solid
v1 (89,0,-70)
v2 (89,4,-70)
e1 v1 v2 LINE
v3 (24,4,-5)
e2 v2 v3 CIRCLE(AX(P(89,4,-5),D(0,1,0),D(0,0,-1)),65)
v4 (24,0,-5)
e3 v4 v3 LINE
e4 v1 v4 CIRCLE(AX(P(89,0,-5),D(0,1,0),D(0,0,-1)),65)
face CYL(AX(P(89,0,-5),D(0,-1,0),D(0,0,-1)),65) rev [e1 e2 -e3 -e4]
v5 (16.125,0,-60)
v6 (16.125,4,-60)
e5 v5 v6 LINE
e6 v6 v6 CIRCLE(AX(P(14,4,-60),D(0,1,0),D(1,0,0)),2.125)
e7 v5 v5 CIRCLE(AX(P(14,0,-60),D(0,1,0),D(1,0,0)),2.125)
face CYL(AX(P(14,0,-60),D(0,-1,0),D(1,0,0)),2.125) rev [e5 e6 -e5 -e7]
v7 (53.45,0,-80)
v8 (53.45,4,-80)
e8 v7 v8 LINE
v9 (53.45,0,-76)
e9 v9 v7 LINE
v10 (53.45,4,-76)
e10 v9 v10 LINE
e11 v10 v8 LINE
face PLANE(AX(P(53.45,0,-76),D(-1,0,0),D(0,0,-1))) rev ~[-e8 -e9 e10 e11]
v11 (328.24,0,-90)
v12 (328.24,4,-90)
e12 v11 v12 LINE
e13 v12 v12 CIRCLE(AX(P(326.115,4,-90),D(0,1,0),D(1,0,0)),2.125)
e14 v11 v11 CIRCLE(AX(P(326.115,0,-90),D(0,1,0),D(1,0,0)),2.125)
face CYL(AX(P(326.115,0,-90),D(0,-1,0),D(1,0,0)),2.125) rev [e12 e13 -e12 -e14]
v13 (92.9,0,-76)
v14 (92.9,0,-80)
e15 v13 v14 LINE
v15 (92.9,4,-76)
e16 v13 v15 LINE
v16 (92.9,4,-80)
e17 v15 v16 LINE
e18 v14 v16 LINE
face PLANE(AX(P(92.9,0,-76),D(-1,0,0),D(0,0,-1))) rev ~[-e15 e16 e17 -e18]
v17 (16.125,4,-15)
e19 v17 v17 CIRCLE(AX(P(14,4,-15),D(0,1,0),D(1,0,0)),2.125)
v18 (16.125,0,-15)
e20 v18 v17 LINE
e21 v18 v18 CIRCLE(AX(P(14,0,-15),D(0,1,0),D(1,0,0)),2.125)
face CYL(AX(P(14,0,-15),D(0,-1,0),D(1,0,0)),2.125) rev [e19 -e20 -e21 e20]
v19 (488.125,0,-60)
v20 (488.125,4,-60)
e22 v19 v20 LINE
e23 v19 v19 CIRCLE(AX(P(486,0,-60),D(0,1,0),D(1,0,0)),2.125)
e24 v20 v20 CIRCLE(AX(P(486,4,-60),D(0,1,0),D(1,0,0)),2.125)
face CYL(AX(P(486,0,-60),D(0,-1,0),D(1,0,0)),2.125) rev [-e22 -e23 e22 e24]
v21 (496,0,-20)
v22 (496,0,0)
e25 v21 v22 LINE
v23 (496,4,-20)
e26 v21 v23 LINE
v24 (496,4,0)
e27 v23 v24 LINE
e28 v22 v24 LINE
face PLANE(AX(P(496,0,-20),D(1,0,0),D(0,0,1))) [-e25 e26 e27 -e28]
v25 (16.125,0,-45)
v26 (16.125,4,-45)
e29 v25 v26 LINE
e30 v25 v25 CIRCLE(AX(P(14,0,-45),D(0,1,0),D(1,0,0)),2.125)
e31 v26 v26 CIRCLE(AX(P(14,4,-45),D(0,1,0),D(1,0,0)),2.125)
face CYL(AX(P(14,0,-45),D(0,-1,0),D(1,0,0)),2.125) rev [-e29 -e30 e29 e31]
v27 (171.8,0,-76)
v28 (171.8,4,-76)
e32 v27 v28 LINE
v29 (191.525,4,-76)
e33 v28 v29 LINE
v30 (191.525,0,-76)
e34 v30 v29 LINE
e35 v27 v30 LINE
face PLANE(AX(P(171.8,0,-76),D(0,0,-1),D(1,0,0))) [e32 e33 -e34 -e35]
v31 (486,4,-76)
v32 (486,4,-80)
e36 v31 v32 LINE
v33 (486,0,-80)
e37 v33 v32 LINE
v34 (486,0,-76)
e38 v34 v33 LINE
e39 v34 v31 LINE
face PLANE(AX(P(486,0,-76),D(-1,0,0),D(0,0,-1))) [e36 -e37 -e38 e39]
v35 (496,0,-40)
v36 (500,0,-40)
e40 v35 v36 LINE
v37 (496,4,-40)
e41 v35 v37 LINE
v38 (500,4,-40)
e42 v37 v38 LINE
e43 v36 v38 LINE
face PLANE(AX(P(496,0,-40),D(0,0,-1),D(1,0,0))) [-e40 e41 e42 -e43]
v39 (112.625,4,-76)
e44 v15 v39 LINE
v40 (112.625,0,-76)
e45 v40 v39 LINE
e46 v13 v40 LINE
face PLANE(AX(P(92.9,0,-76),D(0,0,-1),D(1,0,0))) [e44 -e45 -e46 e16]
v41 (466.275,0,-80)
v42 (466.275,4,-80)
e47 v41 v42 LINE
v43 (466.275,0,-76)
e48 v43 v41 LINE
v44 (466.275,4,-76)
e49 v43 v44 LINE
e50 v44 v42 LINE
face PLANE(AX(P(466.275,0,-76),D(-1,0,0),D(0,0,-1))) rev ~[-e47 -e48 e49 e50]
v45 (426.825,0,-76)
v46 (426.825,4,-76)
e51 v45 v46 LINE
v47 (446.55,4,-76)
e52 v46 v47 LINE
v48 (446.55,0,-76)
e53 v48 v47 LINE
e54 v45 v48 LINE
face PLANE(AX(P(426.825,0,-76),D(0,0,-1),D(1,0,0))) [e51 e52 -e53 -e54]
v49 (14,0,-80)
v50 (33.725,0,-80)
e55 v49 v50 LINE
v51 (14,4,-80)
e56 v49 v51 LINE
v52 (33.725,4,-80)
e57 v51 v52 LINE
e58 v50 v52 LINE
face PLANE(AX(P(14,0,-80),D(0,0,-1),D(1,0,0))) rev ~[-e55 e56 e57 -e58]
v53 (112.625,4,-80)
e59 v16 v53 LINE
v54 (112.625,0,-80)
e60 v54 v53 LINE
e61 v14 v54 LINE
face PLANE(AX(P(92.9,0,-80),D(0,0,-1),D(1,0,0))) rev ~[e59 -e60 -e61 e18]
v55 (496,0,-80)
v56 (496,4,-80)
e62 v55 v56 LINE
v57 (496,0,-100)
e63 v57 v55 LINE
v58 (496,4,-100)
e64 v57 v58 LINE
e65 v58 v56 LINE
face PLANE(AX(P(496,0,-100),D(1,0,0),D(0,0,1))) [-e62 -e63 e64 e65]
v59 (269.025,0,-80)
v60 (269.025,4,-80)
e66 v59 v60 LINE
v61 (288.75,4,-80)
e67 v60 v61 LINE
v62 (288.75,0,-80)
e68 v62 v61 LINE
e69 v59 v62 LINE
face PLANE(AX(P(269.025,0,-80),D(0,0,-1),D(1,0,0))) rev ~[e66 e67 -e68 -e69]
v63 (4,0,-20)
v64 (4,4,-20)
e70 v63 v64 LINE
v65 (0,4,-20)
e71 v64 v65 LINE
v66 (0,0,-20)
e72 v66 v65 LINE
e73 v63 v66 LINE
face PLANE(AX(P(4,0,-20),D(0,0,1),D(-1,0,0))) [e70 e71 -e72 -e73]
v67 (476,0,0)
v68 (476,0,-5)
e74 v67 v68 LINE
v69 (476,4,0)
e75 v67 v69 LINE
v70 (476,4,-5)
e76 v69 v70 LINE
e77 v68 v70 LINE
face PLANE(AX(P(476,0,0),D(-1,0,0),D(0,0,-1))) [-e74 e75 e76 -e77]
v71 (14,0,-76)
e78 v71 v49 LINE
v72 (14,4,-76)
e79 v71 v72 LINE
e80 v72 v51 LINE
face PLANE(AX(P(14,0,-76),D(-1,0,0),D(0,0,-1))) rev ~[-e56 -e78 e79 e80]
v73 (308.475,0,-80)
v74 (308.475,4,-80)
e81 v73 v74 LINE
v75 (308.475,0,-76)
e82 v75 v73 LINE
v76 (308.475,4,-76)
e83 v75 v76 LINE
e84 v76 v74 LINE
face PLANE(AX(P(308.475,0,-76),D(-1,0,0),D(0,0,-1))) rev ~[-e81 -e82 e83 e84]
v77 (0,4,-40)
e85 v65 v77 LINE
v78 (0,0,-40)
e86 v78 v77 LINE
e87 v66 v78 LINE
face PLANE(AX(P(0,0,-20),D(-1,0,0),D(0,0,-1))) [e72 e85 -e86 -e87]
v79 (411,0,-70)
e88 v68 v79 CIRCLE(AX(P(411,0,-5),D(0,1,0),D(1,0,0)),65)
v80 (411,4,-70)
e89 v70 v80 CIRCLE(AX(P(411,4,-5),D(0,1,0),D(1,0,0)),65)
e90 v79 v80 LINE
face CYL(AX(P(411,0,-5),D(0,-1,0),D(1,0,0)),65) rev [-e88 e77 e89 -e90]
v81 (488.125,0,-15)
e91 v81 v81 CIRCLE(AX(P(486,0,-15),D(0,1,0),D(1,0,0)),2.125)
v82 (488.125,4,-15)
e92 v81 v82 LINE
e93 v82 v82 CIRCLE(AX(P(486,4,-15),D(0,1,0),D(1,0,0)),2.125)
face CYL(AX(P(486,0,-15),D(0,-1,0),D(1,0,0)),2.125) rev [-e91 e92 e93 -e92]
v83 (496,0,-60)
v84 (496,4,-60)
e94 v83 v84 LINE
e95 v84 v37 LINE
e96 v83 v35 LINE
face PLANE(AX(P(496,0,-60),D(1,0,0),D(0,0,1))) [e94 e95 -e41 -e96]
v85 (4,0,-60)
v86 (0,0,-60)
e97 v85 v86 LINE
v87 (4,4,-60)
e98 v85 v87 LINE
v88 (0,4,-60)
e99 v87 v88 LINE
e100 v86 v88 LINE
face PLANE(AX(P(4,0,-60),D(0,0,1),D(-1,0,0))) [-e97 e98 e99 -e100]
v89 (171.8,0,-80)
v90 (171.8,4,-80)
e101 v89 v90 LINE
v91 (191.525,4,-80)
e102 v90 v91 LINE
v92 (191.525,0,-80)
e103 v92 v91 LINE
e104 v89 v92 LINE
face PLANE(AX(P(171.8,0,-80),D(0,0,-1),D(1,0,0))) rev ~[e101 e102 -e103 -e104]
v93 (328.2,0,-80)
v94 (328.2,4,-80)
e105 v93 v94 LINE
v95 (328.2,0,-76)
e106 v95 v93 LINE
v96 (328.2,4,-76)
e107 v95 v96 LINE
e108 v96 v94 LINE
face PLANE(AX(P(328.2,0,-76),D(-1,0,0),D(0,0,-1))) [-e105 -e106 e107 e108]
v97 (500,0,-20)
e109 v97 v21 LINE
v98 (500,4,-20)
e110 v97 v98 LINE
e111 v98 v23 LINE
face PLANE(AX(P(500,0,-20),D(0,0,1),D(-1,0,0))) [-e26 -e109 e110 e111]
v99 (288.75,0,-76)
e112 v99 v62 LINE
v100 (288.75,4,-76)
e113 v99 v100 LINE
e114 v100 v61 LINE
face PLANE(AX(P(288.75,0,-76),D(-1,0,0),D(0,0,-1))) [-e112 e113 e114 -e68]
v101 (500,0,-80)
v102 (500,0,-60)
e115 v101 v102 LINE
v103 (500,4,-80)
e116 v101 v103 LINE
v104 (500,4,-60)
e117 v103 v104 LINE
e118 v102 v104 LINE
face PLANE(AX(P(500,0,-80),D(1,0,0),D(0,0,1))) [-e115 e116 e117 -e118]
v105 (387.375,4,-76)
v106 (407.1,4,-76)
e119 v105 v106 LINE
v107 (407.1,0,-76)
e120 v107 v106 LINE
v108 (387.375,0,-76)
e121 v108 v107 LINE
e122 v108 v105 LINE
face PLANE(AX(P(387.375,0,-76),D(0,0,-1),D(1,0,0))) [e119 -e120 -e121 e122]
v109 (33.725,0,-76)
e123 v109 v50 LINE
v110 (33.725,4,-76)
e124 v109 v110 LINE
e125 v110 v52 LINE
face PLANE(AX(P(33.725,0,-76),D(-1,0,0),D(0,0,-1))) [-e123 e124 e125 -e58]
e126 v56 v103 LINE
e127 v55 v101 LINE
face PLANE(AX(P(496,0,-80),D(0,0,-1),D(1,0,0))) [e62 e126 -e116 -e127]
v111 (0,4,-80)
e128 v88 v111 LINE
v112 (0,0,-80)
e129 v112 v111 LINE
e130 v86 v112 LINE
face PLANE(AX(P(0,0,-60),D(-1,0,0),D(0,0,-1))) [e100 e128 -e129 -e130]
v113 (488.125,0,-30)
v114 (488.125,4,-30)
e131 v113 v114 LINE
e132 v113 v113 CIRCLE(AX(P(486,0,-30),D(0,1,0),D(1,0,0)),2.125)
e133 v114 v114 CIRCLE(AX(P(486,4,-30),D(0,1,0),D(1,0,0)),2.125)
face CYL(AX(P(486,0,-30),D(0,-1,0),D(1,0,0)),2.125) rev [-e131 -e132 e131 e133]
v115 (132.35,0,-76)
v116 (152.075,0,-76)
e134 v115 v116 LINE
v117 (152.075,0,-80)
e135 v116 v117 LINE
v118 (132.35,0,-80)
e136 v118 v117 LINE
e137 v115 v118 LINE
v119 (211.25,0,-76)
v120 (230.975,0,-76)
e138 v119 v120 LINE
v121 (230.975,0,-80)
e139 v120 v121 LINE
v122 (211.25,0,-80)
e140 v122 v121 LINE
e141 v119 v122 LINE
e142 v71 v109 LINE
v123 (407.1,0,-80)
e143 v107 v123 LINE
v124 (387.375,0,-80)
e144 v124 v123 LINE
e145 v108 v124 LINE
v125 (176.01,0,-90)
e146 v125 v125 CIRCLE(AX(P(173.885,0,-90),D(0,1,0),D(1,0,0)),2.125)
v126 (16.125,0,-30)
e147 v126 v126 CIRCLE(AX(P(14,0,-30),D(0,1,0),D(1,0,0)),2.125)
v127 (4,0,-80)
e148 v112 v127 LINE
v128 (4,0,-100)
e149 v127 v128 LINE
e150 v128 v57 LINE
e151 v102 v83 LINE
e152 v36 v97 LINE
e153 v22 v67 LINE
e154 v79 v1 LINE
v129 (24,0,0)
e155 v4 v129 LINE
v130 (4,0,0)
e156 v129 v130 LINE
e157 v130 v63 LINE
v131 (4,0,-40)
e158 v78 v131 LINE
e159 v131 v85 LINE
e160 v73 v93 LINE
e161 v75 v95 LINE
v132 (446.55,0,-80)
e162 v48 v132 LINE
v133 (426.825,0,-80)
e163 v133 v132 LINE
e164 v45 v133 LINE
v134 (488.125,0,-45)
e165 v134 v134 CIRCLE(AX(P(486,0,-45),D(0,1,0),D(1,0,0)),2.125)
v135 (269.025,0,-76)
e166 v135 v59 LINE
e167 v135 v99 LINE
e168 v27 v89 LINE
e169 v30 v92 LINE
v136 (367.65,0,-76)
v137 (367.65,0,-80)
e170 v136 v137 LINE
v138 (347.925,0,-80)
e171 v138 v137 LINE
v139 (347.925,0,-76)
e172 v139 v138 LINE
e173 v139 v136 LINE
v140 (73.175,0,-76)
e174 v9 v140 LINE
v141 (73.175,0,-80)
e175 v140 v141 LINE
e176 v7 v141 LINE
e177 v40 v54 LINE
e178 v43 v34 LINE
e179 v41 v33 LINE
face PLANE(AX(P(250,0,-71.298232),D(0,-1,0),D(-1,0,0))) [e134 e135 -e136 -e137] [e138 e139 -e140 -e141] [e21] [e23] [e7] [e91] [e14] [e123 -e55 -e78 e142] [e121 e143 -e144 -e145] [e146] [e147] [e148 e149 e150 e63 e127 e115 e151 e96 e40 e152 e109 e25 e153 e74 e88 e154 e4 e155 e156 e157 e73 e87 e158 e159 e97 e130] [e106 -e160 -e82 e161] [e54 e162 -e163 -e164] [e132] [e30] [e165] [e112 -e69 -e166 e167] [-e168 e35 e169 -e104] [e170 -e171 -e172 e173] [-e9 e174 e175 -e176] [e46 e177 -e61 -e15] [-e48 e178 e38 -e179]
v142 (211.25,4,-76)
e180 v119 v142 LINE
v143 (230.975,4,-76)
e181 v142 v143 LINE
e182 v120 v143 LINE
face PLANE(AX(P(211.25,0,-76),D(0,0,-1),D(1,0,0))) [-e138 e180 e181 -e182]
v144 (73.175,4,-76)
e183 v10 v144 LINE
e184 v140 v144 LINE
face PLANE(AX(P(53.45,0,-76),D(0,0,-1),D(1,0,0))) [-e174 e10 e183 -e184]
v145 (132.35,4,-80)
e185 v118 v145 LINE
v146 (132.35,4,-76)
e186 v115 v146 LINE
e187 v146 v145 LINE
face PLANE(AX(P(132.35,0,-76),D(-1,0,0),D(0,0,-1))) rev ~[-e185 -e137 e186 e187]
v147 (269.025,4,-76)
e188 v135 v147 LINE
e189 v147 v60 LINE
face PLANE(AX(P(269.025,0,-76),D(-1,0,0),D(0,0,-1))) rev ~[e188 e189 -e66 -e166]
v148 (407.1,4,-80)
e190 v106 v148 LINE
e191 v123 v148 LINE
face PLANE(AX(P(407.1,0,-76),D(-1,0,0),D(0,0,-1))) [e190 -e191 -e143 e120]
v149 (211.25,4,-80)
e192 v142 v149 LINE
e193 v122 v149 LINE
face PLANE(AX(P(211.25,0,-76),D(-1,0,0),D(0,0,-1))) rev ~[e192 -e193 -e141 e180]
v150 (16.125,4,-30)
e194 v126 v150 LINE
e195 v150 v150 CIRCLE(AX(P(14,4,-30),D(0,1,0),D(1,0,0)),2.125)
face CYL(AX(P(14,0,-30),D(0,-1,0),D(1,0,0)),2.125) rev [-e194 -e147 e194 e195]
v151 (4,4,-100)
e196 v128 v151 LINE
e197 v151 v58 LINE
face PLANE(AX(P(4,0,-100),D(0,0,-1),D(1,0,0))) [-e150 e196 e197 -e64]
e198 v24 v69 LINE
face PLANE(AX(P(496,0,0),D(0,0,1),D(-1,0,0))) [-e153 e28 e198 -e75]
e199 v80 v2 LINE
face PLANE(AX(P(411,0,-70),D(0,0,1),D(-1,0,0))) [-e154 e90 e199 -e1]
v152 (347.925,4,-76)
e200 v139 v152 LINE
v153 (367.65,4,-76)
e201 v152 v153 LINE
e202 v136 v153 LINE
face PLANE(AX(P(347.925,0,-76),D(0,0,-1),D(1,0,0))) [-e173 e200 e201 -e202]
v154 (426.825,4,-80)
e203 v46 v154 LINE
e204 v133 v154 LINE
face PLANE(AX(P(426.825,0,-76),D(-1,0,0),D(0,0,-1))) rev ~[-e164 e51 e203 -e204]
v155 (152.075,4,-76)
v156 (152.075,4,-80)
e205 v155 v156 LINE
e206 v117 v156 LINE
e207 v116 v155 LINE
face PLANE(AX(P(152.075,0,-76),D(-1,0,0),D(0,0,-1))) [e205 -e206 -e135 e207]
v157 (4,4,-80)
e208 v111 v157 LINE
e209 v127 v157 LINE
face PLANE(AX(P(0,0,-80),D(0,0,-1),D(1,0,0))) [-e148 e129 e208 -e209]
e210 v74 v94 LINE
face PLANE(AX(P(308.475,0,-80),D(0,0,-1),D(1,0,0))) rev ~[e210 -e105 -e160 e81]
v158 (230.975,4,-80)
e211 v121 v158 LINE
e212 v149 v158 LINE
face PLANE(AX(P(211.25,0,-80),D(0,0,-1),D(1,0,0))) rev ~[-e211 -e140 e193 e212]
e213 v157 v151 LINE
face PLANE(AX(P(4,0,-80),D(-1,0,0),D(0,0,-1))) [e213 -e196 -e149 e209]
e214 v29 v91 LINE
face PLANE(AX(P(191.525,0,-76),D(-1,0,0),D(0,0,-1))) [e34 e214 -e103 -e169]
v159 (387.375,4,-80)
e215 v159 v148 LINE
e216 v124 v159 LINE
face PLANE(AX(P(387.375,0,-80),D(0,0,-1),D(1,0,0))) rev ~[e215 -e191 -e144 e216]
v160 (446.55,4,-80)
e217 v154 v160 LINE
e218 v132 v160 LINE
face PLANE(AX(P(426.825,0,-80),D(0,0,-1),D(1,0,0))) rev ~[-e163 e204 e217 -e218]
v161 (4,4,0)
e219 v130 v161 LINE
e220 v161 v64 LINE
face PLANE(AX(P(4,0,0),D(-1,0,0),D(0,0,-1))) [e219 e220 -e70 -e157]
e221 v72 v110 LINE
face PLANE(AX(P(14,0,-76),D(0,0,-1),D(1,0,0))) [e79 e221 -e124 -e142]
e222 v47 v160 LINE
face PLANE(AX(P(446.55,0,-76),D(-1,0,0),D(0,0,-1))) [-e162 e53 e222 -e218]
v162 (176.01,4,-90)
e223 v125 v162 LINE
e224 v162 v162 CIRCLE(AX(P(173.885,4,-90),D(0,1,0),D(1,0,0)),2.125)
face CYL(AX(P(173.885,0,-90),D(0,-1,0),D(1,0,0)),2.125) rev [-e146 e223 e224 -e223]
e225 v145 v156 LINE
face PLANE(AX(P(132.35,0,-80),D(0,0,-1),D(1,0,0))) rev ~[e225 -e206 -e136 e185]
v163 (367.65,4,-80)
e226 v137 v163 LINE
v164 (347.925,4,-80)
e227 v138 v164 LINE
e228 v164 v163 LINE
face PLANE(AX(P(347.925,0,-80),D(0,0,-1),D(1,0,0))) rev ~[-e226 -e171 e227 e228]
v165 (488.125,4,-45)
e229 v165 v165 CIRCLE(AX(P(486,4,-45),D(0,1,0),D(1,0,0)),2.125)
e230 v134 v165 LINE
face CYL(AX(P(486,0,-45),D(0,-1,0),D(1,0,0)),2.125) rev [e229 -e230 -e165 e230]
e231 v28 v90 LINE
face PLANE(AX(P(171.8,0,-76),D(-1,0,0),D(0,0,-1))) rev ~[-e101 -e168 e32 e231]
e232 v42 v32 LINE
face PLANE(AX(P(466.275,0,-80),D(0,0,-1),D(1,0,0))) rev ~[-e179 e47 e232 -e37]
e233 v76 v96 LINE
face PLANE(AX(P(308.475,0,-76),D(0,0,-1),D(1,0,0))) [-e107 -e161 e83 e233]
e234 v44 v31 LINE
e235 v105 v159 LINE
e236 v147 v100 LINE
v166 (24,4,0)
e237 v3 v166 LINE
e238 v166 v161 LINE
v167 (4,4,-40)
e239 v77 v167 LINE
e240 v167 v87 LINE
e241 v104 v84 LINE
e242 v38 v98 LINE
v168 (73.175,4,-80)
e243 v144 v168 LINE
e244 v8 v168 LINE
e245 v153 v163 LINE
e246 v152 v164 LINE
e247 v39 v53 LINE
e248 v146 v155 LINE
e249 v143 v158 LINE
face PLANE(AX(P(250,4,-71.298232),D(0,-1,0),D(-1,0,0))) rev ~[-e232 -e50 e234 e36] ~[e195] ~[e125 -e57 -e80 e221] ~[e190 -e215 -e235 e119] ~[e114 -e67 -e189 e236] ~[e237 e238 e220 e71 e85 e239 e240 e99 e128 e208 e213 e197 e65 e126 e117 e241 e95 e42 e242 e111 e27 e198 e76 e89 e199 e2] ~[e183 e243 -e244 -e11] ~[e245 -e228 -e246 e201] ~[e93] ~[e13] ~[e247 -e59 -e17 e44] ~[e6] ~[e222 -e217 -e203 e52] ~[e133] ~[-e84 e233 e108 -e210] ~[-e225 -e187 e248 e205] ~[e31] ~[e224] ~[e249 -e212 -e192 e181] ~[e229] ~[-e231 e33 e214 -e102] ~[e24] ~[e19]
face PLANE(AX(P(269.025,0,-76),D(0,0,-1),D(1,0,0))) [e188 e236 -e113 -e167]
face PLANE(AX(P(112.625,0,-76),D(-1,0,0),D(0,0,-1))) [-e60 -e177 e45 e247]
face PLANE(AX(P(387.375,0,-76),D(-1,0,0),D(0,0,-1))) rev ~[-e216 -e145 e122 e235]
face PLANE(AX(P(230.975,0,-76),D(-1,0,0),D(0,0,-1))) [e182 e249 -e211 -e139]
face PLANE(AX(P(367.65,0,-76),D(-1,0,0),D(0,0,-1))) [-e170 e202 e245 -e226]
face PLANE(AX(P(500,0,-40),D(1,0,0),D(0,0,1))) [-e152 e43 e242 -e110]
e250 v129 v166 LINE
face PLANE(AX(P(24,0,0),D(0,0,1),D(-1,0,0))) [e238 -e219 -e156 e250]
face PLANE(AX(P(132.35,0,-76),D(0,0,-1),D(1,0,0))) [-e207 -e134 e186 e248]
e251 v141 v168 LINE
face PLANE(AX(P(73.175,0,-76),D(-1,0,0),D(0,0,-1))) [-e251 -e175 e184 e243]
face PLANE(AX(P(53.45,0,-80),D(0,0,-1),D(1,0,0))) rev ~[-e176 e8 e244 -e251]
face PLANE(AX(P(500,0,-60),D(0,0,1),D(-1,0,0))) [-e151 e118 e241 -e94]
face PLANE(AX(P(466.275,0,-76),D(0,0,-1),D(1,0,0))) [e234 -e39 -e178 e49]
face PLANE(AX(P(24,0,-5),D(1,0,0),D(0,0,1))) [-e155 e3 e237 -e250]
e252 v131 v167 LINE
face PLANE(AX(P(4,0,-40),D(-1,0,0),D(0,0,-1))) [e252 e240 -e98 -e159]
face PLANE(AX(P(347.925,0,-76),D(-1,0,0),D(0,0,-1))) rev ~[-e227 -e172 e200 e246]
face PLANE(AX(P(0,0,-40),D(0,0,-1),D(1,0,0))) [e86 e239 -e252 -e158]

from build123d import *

# Parameters (mm, degrees)
SKETCH1_R           = 2.125
SKETCH1_W           = 19.725
SKETCH1_H           = 4
BOSS_EXTRUDE1_DEPTH = 4


with BuildPart() as part:
    # Sketch1 → Boss-Extrude1 (new body)
    with BuildSketch(Plane(origin=(0, 0, 0), x_dir=(1, 0, 0), z_dir=(0, 1, 0))):
        with BuildLine():
            Line((4, 0), (4, 20))
            Line((4, 20), (0, 20))
            Line((0, 20), (0, 40))
            Line((0, 40), (4, 40))
            Line((4, 40), (4, 60))
            Line((4, 60), (0, 60))
            Line((0, 60), (0, 80))
            Line((0, 80), (4, 80))
            Line((4, 80), (4, 100))
            Line((4, 100), (250, 100))
            Line((250, 100), (496, 100))
            Line((496, 100), (496, 80))
            Line((496, 80), (500, 80))
            Line((500, 80), (500, 60))
            Line((500, 60), (496, 60))
            Line((496, 60), (496, 40))
            Line((496, 40), (500, 40))
            Line((500, 40), (500, 20))
            Line((500, 20), (496, 20))
            Line((496, 20), (496, 0))
            Line((496, 0), (476, 0))
            Line((476, 0), (476, 5))
            ThreePointArc((476, 5), (456.961940777, 50.961940777), (411, 70))
            Line((411, 70), (89, 70))
            ThreePointArc((89, 70), (43.038059223, 50.961940777), (24, 5))
            Line((24, 5), (24, 0))
            Line((24, 0), (4, 0))
        make_face()
        with Locations((14, 15)):
            Circle(SKETCH1_R, mode=Mode.SUBTRACT)
        with Locations((14, 30)):
            Circle(SKETCH1_R, mode=Mode.SUBTRACT)
        with Locations((173.885, 90)):
            Circle(SKETCH1_R, mode=Mode.SUBTRACT)
        with Locations((326.115, 90)):
            Circle(SKETCH1_R, mode=Mode.SUBTRACT)
        with Locations((486, 30)):
            Circle(SKETCH1_R, mode=Mode.SUBTRACT)
        with Locations((486, 15)):
            Circle(SKETCH1_R, mode=Mode.SUBTRACT)
        with Locations((14, 60)):
            Circle(SKETCH1_R, mode=Mode.SUBTRACT)
        with Locations((14, 45)):
            Circle(SKETCH1_R, mode=Mode.SUBTRACT)
        with Locations((486, 45)):
            Circle(SKETCH1_R, mode=Mode.SUBTRACT)
        with Locations((486, 60)):
            Circle(SKETCH1_R, mode=Mode.SUBTRACT)
        with Locations((63.3125, 78)):
            Rectangle(SKETCH1_W, SKETCH1_H, mode=Mode.SUBTRACT)
        with Locations((23.8625, 78)):
            Rectangle(SKETCH1_W, SKETCH1_H, mode=Mode.SUBTRACT)
        with Locations((102.7625, 78)):
            Rectangle(SKETCH1_W, SKETCH1_H, mode=Mode.SUBTRACT)
        with Locations((142.2125, 78)):
            Rectangle(SKETCH1_W, SKETCH1_H, mode=Mode.SUBTRACT)
        with Locations((181.6625, 78)):
            Rectangle(SKETCH1_W, SKETCH1_H, mode=Mode.SUBTRACT)
        with Locations((221.1125, 78)):
            Rectangle(SKETCH1_W, SKETCH1_H, mode=Mode.SUBTRACT)
        with Locations((278.8875, 78)):
            Rectangle(SKETCH1_W, SKETCH1_H, mode=Mode.SUBTRACT)
        with Locations((318.3375, 78)):
            Rectangle(SKETCH1_W, SKETCH1_H, mode=Mode.SUBTRACT)
        with Locations((357.7875, 78)):
            Rectangle(SKETCH1_W, SKETCH1_H, mode=Mode.SUBTRACT)
        with Locations((397.2375, 78)):
            Rectangle(SKETCH1_W, SKETCH1_H, mode=Mode.SUBTRACT)
        with Locations((436.6875, 78)):
            Rectangle(SKETCH1_W, SKETCH1_H, mode=Mode.SUBTRACT)
        with Locations((476.1375, 78)):
            Rectangle(SKETCH1_W, SKETCH1_H, mode=Mode.SUBTRACT)
    extrude(amount=BOSS_EXTRUDE1_DEPTH)


solid = part.part
